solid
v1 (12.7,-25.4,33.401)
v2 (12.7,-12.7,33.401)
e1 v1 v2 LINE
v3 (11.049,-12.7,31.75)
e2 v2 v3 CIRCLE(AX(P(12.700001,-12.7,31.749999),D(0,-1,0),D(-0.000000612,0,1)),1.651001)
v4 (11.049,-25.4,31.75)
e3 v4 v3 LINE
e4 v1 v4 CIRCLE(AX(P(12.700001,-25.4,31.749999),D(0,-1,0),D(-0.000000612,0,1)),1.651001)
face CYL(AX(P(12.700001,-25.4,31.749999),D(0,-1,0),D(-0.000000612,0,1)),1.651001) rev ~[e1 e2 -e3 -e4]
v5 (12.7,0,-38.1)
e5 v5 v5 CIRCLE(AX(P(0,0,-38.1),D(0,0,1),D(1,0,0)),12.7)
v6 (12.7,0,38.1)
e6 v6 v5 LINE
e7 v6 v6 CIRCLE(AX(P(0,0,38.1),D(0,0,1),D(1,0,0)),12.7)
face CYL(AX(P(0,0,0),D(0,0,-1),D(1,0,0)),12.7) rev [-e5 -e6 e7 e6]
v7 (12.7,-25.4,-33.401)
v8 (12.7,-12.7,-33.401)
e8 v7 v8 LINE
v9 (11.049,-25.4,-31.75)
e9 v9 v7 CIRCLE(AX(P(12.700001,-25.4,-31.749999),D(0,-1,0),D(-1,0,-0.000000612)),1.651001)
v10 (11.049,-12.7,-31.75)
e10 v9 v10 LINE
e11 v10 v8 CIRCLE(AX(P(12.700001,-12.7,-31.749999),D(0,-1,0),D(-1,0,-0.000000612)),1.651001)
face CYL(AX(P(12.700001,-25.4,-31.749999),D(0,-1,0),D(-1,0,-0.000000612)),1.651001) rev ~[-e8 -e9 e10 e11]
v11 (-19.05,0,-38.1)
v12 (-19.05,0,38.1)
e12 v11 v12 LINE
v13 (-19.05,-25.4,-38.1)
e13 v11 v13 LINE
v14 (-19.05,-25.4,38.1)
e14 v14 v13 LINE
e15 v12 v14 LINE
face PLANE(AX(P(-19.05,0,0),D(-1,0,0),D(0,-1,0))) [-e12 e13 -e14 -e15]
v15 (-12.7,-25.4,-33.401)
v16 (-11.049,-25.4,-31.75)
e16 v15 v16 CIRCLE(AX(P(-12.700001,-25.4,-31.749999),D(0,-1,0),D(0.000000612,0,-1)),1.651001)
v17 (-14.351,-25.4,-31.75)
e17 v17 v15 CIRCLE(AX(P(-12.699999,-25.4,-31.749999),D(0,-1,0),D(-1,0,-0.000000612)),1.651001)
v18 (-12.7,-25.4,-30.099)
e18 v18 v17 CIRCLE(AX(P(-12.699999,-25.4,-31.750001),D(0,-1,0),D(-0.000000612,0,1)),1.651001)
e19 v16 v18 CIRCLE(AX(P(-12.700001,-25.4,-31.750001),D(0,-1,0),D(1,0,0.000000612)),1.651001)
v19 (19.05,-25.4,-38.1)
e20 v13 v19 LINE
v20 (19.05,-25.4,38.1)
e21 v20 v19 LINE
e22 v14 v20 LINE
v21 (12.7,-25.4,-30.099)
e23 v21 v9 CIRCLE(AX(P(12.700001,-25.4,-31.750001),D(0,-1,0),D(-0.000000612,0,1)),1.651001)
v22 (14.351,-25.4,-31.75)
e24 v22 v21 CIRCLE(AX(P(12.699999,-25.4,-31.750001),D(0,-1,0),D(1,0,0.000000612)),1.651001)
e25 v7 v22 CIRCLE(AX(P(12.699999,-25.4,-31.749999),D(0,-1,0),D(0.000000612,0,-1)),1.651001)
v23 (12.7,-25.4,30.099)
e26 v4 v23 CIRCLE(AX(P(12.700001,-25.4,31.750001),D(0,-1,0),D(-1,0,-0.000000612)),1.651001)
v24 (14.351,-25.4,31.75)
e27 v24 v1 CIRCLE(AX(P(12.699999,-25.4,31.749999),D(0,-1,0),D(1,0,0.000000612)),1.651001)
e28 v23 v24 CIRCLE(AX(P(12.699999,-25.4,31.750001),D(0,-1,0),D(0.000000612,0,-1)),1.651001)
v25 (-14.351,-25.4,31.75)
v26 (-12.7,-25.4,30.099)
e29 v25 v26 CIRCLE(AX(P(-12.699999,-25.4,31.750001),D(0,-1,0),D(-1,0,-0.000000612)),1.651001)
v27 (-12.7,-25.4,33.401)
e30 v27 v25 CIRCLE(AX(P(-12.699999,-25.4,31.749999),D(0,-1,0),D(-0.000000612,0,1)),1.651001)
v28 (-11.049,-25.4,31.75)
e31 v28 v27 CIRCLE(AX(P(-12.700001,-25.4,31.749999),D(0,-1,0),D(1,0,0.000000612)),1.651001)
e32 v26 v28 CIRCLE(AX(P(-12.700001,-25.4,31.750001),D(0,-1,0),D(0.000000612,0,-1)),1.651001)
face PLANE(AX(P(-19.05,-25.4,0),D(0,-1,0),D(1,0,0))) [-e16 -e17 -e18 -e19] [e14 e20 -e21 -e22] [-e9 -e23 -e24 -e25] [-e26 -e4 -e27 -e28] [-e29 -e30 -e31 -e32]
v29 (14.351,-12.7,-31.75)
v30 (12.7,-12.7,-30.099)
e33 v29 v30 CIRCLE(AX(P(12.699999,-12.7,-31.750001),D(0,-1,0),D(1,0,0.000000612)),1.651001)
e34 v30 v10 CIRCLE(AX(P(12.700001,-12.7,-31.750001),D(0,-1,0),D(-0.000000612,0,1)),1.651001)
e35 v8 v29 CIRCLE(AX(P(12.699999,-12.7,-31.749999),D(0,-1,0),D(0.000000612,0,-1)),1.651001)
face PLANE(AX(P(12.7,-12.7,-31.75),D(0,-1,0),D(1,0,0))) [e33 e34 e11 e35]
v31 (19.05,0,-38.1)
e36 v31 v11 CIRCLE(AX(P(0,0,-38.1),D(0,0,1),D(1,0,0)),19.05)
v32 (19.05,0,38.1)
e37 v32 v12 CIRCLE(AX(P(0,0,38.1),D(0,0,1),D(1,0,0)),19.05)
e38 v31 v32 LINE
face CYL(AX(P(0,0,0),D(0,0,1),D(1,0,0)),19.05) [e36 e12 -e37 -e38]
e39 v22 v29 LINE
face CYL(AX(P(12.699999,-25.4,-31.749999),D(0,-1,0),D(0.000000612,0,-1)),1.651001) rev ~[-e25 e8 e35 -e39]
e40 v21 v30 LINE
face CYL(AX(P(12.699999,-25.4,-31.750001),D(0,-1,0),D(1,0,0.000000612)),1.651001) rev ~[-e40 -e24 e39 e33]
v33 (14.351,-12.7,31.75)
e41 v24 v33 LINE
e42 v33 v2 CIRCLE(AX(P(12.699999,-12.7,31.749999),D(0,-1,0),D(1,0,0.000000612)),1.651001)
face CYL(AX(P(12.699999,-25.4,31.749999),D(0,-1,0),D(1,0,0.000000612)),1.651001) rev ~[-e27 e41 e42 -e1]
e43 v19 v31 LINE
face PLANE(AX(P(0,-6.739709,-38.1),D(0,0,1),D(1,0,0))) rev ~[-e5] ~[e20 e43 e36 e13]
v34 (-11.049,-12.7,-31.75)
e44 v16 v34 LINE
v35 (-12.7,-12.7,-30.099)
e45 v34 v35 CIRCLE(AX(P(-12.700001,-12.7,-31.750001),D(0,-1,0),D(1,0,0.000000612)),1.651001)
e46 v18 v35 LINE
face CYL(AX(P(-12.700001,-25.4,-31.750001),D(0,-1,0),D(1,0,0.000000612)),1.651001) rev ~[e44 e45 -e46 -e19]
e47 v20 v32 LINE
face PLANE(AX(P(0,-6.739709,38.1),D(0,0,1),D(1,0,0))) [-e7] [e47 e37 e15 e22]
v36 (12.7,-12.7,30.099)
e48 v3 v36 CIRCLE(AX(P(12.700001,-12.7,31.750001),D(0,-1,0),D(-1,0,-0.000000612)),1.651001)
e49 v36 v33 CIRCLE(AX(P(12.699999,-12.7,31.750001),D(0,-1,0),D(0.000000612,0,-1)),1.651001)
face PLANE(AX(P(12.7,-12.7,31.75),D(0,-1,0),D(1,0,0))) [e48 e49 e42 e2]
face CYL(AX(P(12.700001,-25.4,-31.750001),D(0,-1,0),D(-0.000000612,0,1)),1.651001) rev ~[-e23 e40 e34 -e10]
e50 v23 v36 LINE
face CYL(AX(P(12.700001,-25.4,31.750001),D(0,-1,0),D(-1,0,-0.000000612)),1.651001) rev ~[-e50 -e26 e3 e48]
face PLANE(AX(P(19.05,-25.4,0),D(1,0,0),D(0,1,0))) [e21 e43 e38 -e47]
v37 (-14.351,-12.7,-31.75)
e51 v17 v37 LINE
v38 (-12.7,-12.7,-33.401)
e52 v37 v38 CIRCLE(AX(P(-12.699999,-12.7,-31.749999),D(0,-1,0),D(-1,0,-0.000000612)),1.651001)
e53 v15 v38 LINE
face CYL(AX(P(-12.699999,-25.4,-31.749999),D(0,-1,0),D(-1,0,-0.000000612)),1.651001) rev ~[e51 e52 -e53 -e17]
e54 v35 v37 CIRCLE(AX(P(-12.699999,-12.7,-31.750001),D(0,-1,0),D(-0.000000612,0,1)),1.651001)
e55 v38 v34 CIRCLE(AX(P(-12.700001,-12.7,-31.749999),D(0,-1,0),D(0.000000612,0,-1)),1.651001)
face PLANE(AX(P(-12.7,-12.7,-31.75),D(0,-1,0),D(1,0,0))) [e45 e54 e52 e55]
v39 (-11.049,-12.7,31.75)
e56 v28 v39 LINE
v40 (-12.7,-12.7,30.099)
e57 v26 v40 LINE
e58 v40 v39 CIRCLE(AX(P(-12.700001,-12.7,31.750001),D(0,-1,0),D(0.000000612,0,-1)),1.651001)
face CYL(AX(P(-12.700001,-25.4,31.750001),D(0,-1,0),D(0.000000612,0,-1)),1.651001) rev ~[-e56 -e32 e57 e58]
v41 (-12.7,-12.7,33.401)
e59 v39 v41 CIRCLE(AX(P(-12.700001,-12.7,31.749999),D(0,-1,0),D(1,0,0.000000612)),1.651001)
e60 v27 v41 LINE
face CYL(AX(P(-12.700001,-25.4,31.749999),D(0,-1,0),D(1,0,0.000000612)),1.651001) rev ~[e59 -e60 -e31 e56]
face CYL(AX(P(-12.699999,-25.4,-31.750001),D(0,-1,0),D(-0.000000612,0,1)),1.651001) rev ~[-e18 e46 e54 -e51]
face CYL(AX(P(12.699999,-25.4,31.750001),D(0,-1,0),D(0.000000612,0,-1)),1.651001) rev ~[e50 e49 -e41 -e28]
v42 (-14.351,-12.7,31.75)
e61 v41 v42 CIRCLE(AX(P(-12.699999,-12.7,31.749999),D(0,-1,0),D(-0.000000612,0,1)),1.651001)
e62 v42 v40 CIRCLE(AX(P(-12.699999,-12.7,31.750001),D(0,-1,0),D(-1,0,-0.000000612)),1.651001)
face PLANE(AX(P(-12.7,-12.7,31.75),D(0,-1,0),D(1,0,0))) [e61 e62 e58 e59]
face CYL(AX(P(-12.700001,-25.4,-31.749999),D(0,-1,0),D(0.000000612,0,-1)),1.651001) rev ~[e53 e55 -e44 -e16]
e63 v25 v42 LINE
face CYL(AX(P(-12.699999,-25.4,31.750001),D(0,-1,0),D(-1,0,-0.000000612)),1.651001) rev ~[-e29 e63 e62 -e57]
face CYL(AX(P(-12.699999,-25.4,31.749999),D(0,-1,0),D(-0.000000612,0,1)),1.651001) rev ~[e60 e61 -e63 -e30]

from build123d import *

# Parameters (mm, degrees)
F0_R     = 12.7
F1_DEPTH = 38.1
F3_DEPTH = 12.7


with BuildPart() as f1:
    # F0 (on Top) → F1 (new body, symmetric)
    with BuildSketch(Plane.XY):
        with BuildLine():
            Line((19.05, -25.4), (19.05, 0))
            ThreePointArc((19.05, 0), (0, 19.05), (-19.05, 0))
            Line((-19.05, 0), (-19.05, -25.4))
            Line((-19.05, -25.4), (19.05, -25.4))
        make_face()
        Circle(F0_R, mode=Mode.SUBTRACT)
    extrude(amount=F1_DEPTH, both=True)

    # F2 (on face) → F3 (cut)
    with BuildSketch(Plane.XZ.offset(25.4)):
        with BuildLine():
            ThreePointArc((-12.7, -30.099), (-13.867433, -30.582567), (-14.351, -31.75))
            ThreePointArc((-14.351, -31.75), (-13.867433, -32.917433), (-12.7, -33.401))
            ThreePointArc((-12.7, -33.401), (-11.532567, -32.917433), (-11.049, -31.75))
            ThreePointArc((-11.049, -31.75), (-11.532567, -30.582567), (-12.7, -30.099))
        make_face()
        with BuildLine():
            ThreePointArc((12.7, -30.099), (11.532567, -30.582567), (11.049, -31.75))
            ThreePointArc((11.049, -31.75), (11.532567, -32.917433), (12.7, -33.401))
            ThreePointArc((12.7, -33.401), (13.867433, -32.917433), (14.351, -31.75))
            ThreePointArc((14.351, -31.75), (13.867433, -30.582567), (12.7, -30.099))
        make_face()
        with BuildLine():
            ThreePointArc((-12.7, 33.401), (-13.867433, 32.917433), (-14.351, 31.75))
            ThreePointArc((-14.351, 31.75), (-13.867433, 30.582567), (-12.7, 30.099))
            ThreePointArc((-12.7, 30.099), (-11.532567, 30.582567), (-11.049, 31.75))
            ThreePointArc((-11.049, 31.75), (-11.532567, 32.917433), (-12.7, 33.401))
        make_face()
        with BuildLine():
            ThreePointArc((12.7, 33.401), (11.532567, 32.917433), (11.049, 31.75))
            ThreePointArc((11.049, 31.75), (11.532567, 30.582567), (12.7, 30.099))
            ThreePointArc((12.7, 30.099), (13.867433, 30.582567), (14.351, 31.75))
            ThreePointArc((14.351, 31.75), (13.867433, 32.917433), (12.7, 33.401))
        make_face()
    extrude(amount=-F3_DEPTH, mode=Mode.SUBTRACT)


solid = f1.part
